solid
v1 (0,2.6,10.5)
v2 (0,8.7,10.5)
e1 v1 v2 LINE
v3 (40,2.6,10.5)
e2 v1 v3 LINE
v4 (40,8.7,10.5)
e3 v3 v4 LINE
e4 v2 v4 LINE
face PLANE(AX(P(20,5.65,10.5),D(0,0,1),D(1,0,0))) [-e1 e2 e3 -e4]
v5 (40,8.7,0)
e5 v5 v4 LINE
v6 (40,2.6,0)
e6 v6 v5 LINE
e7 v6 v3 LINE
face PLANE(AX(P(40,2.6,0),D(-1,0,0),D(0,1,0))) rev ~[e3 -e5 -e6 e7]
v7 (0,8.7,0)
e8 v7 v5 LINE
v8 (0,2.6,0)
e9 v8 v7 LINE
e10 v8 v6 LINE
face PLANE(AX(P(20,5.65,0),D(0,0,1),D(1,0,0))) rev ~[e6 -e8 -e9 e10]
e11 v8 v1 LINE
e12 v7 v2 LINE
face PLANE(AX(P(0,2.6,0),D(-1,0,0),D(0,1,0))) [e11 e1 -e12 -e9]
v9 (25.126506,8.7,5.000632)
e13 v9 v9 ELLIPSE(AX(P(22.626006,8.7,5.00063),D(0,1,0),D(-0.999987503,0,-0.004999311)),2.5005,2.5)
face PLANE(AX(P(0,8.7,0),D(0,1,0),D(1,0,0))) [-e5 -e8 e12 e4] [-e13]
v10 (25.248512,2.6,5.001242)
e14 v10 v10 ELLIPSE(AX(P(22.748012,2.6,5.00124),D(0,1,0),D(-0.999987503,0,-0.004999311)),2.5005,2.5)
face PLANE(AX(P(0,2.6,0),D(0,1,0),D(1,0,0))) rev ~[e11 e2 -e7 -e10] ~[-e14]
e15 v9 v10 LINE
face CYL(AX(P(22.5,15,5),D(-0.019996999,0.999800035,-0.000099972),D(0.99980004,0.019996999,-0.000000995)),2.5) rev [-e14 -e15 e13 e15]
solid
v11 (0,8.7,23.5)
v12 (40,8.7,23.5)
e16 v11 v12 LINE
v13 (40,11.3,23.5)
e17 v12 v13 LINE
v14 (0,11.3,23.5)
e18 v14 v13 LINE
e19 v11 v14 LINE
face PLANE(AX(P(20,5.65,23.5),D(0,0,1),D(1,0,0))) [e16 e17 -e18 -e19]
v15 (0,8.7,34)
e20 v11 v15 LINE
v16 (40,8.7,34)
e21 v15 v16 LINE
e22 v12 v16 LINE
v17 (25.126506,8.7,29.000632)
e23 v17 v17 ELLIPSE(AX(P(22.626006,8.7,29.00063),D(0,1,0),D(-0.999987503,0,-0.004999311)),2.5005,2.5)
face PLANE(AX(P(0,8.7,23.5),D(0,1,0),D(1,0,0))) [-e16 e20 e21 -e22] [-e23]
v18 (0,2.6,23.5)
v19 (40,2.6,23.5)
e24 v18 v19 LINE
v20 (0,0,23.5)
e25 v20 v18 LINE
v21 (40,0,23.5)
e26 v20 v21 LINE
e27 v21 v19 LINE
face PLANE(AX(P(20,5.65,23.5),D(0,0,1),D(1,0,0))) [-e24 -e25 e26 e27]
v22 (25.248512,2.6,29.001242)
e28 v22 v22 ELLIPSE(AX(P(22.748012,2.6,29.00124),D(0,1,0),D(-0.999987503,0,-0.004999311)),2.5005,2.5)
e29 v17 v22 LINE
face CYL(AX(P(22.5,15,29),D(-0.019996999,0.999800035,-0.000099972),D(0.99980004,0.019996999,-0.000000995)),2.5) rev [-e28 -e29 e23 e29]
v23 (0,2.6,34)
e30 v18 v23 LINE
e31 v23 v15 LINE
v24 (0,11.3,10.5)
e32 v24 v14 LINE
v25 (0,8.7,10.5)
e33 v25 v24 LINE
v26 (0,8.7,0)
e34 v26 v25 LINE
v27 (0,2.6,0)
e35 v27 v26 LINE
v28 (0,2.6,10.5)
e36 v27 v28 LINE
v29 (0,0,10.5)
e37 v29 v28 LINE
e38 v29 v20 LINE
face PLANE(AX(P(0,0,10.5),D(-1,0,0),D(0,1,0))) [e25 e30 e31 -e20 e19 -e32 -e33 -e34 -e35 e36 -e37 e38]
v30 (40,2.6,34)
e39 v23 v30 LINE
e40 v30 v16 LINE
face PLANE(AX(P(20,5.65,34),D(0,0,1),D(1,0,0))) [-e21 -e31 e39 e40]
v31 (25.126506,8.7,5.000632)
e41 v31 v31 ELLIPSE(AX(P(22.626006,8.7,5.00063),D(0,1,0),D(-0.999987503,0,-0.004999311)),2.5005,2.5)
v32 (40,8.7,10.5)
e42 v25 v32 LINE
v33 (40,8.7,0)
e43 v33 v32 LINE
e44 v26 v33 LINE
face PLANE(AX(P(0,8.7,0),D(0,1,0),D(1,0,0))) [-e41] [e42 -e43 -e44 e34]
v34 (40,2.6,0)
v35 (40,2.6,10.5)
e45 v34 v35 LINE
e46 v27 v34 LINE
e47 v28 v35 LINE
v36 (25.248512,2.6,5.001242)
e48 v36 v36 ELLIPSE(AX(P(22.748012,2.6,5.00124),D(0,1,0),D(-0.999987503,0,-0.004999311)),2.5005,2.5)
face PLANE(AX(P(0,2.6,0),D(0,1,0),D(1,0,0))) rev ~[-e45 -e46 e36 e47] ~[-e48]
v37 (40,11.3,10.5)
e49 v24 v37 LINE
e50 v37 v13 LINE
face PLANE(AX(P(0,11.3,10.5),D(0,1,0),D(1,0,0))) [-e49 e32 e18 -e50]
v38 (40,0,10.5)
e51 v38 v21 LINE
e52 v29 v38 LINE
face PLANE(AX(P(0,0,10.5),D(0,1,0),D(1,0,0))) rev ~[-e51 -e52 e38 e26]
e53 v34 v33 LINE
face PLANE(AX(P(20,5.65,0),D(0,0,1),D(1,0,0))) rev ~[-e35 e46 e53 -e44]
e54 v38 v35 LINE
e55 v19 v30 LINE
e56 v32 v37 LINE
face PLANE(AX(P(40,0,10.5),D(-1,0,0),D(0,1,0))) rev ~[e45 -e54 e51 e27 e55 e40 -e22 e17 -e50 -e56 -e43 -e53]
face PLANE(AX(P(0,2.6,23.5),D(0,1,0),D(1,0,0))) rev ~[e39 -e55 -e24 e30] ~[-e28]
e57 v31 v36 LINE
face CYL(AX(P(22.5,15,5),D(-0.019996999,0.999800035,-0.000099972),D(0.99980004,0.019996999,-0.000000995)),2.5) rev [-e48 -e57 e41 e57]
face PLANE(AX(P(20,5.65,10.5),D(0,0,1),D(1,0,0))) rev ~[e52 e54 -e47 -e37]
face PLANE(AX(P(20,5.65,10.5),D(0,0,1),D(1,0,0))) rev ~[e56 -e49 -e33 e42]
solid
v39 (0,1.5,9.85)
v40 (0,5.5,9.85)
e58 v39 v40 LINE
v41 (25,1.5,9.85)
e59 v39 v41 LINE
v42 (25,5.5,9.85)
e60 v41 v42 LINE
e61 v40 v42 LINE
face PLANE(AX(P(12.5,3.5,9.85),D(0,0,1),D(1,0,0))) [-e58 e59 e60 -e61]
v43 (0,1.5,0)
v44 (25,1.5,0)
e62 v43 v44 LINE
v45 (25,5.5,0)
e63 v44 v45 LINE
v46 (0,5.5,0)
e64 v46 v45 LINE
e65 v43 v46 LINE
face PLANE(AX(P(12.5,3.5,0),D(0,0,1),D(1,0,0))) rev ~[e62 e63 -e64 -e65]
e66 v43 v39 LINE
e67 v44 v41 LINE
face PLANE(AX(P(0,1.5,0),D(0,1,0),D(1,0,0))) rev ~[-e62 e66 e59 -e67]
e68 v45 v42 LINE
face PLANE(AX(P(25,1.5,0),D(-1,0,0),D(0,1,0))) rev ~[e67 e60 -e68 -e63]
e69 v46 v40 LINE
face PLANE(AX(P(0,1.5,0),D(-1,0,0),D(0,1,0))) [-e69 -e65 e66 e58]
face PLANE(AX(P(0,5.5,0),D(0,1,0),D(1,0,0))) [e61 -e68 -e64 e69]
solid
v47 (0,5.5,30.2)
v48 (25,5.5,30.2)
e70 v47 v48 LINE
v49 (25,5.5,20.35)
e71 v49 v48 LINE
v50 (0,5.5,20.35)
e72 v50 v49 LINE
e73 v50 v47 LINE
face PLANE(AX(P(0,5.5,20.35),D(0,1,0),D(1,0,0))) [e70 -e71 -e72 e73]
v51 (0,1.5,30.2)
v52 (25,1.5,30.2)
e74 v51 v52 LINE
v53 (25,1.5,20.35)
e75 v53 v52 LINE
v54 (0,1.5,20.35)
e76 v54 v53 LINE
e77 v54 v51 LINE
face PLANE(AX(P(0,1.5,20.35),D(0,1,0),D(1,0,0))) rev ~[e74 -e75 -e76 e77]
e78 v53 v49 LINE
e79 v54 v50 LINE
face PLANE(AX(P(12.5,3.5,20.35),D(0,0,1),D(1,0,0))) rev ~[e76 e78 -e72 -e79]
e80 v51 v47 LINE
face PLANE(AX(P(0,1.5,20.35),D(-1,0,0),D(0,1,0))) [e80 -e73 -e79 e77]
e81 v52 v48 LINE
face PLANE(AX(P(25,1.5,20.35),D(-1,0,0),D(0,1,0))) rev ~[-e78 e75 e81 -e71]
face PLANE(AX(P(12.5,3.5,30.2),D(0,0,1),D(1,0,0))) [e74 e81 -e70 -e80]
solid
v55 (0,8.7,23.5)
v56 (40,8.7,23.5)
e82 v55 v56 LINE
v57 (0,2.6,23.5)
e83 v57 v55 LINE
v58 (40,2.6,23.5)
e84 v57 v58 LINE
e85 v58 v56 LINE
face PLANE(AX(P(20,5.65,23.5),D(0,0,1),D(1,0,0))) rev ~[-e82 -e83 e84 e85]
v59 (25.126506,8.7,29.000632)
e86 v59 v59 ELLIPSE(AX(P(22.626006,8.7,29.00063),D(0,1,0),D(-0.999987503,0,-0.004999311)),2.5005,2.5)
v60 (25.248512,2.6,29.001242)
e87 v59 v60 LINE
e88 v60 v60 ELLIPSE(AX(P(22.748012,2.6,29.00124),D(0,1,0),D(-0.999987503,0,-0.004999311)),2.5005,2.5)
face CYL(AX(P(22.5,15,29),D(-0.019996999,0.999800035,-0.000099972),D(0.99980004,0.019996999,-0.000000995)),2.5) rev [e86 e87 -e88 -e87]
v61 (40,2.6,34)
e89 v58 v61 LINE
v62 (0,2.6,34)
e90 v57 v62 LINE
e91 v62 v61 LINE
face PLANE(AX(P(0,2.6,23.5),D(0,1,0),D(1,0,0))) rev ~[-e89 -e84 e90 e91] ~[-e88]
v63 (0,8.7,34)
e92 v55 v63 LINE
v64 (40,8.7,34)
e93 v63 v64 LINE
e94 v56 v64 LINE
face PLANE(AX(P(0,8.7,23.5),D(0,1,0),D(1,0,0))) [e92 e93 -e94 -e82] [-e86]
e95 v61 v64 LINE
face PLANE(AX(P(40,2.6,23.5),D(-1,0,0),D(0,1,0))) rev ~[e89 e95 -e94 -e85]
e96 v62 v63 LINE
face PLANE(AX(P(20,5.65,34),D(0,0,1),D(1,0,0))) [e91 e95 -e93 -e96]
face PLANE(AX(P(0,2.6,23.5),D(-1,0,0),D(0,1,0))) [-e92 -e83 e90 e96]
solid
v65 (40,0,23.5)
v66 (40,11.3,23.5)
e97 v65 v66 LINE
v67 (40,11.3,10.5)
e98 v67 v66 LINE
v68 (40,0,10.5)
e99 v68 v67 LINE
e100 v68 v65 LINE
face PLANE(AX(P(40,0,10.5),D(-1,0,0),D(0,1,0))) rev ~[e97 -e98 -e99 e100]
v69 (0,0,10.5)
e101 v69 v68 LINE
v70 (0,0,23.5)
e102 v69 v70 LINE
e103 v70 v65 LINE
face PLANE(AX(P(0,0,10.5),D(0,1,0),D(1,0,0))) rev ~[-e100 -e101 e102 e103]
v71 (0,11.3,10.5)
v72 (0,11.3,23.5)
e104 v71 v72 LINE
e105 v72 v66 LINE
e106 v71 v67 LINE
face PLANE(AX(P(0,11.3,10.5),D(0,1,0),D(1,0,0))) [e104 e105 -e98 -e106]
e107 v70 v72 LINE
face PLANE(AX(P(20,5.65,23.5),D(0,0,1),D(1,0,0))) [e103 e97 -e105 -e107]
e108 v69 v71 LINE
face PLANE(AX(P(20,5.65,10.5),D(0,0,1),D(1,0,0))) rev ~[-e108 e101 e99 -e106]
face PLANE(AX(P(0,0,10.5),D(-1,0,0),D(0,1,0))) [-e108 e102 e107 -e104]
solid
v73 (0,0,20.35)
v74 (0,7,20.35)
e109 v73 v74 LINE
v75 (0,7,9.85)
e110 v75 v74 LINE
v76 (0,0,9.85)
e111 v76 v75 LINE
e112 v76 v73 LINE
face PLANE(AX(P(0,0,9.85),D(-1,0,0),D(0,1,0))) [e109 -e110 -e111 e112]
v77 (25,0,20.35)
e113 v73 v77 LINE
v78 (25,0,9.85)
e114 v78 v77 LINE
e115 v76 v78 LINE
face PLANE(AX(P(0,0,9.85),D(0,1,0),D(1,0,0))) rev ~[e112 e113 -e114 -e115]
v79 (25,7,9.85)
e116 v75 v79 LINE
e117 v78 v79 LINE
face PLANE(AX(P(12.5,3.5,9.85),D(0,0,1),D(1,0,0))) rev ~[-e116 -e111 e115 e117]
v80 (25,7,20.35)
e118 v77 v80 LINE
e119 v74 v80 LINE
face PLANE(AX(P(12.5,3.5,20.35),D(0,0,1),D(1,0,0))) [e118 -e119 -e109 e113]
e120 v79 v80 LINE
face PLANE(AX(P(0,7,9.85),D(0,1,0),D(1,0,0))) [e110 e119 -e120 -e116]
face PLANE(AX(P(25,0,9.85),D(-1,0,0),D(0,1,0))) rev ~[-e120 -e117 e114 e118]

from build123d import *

# Parameters (mm, degrees)
BOX_W                       = 40
BOX_H                       = 11.3
BOX_DEPTH                   = 13
CYLINDER001_R               = 2.5
CYLINDER001_DEPTH           = 20
CYLINDER001_ROLL_ANGLE      = 89.994272
CYLINDER001_PITCH_ANGLE     = 5.7e-05
CYLINDER001_PLACEMENT_ANGLE = 1.14582
BOX002_W                    = 40
BOX002_H                    = 6.1
BOX002_DEPTH                = 10.5
CYLINDER_R                  = 2.5
CYLINDER_DEPTH              = 20
CYLINDER_ROLL_ANGLE         = 89.994272
CYLINDER_PITCH_ANGLE        = 5.7e-05
CYLINDER_PLACEMENT_ANGLE    = 1.14582
BOX001_W                    = 40
BOX001_H                    = 6.1
BOX001_DEPTH                = 10.5
BOX003_W                    = 40
BOX003_H                    = 11.3
BOX003_DEPTH                = 13
CYLINDER002_R               = 2.5
CYLINDER002_DEPTH           = 20
CYLINDER002_ROLL_ANGLE      = 89.994272
CYLINDER002_PITCH_ANGLE     = 5.7e-05
CYLINDER002_PLACEMENT_ANGLE = 1.14582
BOX004_W                    = 40
BOX004_H                    = 6.1
BOX004_DEPTH                = 10.5
CYLINDER003_R               = 2.5
CYLINDER003_DEPTH           = 20
CYLINDER003_ROLL_ANGLE      = 89.994272
CYLINDER003_PITCH_ANGLE     = 5.7e-05
CYLINDER003_PLACEMENT_ANGLE = 1.14582
BOX005_W                    = 40
BOX005_H                    = 6.1
BOX005_DEPTH                = 10.5
BOX006_W                    = 25
BOX006_H                    = 7
BOX006_DEPTH                = 10.5
BOX007_W                    = 25
BOX007_H                    = 4
BOX007_DEPTH                = 9.85
BOX008_W                    = 25
BOX008_H                    = 4
BOX008_DEPTH                = 9.85


with BuildPart() as cube:
    # Box → Box (new body)
    with BuildSketch(Plane.XY.offset(10.5)):
        with Locations((20, 5.65)):
            Rectangle(BOX_W, BOX_H)
    extrude(amount=BOX_DEPTH)


with BuildPart() as cylinder001:
    # Cylinder001 → Cylinder001 (new body)
    with BuildSketch(Plane.XY):
        Circle(CYLINDER001_R)
    extrude(amount=CYLINDER001_DEPTH)


with BuildPart() as cylinder001_1:
    # Cylinder001 roll: moved
    add(cylinder001.part.rotate(Axis((0, 0, 0), (1, 0, 0)), CYLINDER001_ROLL_ANGLE))


with BuildPart() as cylinder001_2:
    # Cylinder001 pitch: moved
    add(cylinder001_1.part.rotate(Axis((0, 0, 0), (0, 1, 0)), CYLINDER001_PITCH_ANGLE))


with BuildPart() as cylinder001_3:
    # Cylinder001 placement: moved
    add(cylinder001_2.part.moved(Location((22.5, 15, 5))).rotate(Axis((22.5, 15, 5), (0, 0, 1)), CYLINDER001_PLACEMENT_ANGLE))


with BuildPart() as cut001:
    # Box002 → Box002 (new body)
    with BuildSketch(Plane(origin=(0, 2.6, 0), x_dir=(1, 0, 0), z_dir=(0, 0, 1))):
        with Locations((20, 3.05)):
            Rectangle(BOX002_W, BOX002_H)
    extrude(amount=BOX002_DEPTH)

    # Cut001: cut Cylinder001
    add(cylinder001_3.part, mode=Mode.SUBTRACT)


with BuildPart() as cylinder:
    # Cylinder → Cylinder (new body)
    with BuildSketch(Plane.XY):
        Circle(CYLINDER_R)
    extrude(amount=CYLINDER_DEPTH)


with BuildPart() as cylinder_1:
    # Cylinder roll: moved
    add(cylinder.part.rotate(Axis((0, 0, 0), (1, 0, 0)), CYLINDER_ROLL_ANGLE))


with BuildPart() as cylinder_2:
    # Cylinder pitch: moved
    add(cylinder_1.part.rotate(Axis((0, 0, 0), (0, 1, 0)), CYLINDER_PITCH_ANGLE))


with BuildPart() as cylinder_3:
    # Cylinder placement: moved
    add(cylinder_2.part.moved(Location((22.5, 15, 29))).rotate(Axis((22.5, 15, 29), (0, 0, 1)), CYLINDER_PLACEMENT_ANGLE))


with BuildPart() as fusion:
    # Box001 → Box001 (new body)
    with BuildSketch(Plane(origin=(0, 2.6, 23.5), x_dir=(1, 0, 0), z_dir=(0, 0, 1))):
        with Locations((20, 3.05)):
            Rectangle(BOX001_W, BOX001_H)
    extrude(amount=BOX001_DEPTH)

    # Cut: cut Cylinder
    add(cylinder_3.part, mode=Mode.SUBTRACT)

    # Fusion: union Cube, Cut001
    add(cube.part)
    add(cut001.part)


with BuildPart() as cube003:
    # Box003 → Box003 (new body)
    with BuildSketch(Plane.XY.offset(10.5)):
        with Locations((20, 5.65)):
            Rectangle(BOX003_W, BOX003_H)
    extrude(amount=BOX003_DEPTH)


with BuildPart() as cylinder002:
    # Cylinder002 → Cylinder002 (new body)
    with BuildSketch(Plane.XY):
        Circle(CYLINDER002_R)
    extrude(amount=CYLINDER002_DEPTH)


with BuildPart() as cylinder002_1:
    # Cylinder002 roll: moved
    add(cylinder002.part.rotate(Axis((0, 0, 0), (1, 0, 0)), CYLINDER002_ROLL_ANGLE))


with BuildPart() as cylinder002_2:
    # Cylinder002 pitch: moved
    add(cylinder002_1.part.rotate(Axis((0, 0, 0), (0, 1, 0)), CYLINDER002_PITCH_ANGLE))


with BuildPart() as cylinder002_3:
    # Cylinder002 placement: moved
    add(cylinder002_2.part.moved(Location((22.5, 15, 29))).rotate(Axis((22.5, 15, 29), (0, 0, 1)), CYLINDER002_PLACEMENT_ANGLE))


with BuildPart() as cut002:
    # Box004 → Box004 (new body)
    with BuildSketch(Plane(origin=(0, 2.6, 23.5), x_dir=(1, 0, 0), z_dir=(0, 0, 1))):
        with Locations((20, 3.05)):
            Rectangle(BOX004_W, BOX004_H)
    extrude(amount=BOX004_DEPTH)

    # Cut002: cut Cylinder002
    add(cylinder002_3.part, mode=Mode.SUBTRACT)


with BuildPart() as cylinder003:
    # Cylinder003 → Cylinder003 (new body)
    with BuildSketch(Plane.XY):
        Circle(CYLINDER003_R)
    extrude(amount=CYLINDER003_DEPTH)


with BuildPart() as cylinder003_1:
    # Cylinder003 roll: moved
    add(cylinder003.part.rotate(Axis((0, 0, 0), (1, 0, 0)), CYLINDER003_ROLL_ANGLE))


with BuildPart() as cylinder003_2:
    # Cylinder003 pitch: moved
    add(cylinder003_1.part.rotate(Axis((0, 0, 0), (0, 1, 0)), CYLINDER003_PITCH_ANGLE))


with BuildPart() as cylinder003_3:
    # Cylinder003 placement: moved
    add(cylinder003_2.part.moved(Location((22.5, 15, 5))).rotate(Axis((22.5, 15, 5), (0, 0, 1)), CYLINDER003_PLACEMENT_ANGLE))


with BuildPart() as cut003:
    # Box005 → Box005 (new body)
    with BuildSketch(Plane(origin=(0, 2.6, 0), x_dir=(1, 0, 0), z_dir=(0, 0, 1))):
        with Locations((20, 3.05)):
            Rectangle(BOX005_W, BOX005_H)
    extrude(amount=BOX005_DEPTH)

    # Cut003: cut Cylinder003
    add(cylinder003_3.part, mode=Mode.SUBTRACT)


with BuildPart() as cube006:
    # Box006 → Box006 (new body)
    with BuildSketch(Plane.XY.offset(9.85)):
        with Locations((12.5, 3.5)):
            Rectangle(BOX006_W, BOX006_H)
    extrude(amount=BOX006_DEPTH)


with BuildPart() as cube007:
    # Box007 → Box007 (new body)
    with BuildSketch(Plane(origin=(0, 1.5, 20.35), x_dir=(1, 0, 0), z_dir=(0, 0, 1))):
        with Locations((12.5, 2)):
            Rectangle(BOX007_W, BOX007_H)
    extrude(amount=BOX007_DEPTH)


with BuildPart() as cube008:
    # Box008 → Box008 (new body)
    with BuildSketch(Plane(origin=(0, 1.5, 0), x_dir=(1, 0, 0), z_dir=(0, 0, 1))):
        with Locations((12.5, 2)):
            Rectangle(BOX008_W, BOX008_H)
    extrude(amount=BOX008_DEPTH)


solid = Compound([fusion.part, cube003.part, cut002.part, cut003.part, cube006.part, cube007.part, cube008.part])
